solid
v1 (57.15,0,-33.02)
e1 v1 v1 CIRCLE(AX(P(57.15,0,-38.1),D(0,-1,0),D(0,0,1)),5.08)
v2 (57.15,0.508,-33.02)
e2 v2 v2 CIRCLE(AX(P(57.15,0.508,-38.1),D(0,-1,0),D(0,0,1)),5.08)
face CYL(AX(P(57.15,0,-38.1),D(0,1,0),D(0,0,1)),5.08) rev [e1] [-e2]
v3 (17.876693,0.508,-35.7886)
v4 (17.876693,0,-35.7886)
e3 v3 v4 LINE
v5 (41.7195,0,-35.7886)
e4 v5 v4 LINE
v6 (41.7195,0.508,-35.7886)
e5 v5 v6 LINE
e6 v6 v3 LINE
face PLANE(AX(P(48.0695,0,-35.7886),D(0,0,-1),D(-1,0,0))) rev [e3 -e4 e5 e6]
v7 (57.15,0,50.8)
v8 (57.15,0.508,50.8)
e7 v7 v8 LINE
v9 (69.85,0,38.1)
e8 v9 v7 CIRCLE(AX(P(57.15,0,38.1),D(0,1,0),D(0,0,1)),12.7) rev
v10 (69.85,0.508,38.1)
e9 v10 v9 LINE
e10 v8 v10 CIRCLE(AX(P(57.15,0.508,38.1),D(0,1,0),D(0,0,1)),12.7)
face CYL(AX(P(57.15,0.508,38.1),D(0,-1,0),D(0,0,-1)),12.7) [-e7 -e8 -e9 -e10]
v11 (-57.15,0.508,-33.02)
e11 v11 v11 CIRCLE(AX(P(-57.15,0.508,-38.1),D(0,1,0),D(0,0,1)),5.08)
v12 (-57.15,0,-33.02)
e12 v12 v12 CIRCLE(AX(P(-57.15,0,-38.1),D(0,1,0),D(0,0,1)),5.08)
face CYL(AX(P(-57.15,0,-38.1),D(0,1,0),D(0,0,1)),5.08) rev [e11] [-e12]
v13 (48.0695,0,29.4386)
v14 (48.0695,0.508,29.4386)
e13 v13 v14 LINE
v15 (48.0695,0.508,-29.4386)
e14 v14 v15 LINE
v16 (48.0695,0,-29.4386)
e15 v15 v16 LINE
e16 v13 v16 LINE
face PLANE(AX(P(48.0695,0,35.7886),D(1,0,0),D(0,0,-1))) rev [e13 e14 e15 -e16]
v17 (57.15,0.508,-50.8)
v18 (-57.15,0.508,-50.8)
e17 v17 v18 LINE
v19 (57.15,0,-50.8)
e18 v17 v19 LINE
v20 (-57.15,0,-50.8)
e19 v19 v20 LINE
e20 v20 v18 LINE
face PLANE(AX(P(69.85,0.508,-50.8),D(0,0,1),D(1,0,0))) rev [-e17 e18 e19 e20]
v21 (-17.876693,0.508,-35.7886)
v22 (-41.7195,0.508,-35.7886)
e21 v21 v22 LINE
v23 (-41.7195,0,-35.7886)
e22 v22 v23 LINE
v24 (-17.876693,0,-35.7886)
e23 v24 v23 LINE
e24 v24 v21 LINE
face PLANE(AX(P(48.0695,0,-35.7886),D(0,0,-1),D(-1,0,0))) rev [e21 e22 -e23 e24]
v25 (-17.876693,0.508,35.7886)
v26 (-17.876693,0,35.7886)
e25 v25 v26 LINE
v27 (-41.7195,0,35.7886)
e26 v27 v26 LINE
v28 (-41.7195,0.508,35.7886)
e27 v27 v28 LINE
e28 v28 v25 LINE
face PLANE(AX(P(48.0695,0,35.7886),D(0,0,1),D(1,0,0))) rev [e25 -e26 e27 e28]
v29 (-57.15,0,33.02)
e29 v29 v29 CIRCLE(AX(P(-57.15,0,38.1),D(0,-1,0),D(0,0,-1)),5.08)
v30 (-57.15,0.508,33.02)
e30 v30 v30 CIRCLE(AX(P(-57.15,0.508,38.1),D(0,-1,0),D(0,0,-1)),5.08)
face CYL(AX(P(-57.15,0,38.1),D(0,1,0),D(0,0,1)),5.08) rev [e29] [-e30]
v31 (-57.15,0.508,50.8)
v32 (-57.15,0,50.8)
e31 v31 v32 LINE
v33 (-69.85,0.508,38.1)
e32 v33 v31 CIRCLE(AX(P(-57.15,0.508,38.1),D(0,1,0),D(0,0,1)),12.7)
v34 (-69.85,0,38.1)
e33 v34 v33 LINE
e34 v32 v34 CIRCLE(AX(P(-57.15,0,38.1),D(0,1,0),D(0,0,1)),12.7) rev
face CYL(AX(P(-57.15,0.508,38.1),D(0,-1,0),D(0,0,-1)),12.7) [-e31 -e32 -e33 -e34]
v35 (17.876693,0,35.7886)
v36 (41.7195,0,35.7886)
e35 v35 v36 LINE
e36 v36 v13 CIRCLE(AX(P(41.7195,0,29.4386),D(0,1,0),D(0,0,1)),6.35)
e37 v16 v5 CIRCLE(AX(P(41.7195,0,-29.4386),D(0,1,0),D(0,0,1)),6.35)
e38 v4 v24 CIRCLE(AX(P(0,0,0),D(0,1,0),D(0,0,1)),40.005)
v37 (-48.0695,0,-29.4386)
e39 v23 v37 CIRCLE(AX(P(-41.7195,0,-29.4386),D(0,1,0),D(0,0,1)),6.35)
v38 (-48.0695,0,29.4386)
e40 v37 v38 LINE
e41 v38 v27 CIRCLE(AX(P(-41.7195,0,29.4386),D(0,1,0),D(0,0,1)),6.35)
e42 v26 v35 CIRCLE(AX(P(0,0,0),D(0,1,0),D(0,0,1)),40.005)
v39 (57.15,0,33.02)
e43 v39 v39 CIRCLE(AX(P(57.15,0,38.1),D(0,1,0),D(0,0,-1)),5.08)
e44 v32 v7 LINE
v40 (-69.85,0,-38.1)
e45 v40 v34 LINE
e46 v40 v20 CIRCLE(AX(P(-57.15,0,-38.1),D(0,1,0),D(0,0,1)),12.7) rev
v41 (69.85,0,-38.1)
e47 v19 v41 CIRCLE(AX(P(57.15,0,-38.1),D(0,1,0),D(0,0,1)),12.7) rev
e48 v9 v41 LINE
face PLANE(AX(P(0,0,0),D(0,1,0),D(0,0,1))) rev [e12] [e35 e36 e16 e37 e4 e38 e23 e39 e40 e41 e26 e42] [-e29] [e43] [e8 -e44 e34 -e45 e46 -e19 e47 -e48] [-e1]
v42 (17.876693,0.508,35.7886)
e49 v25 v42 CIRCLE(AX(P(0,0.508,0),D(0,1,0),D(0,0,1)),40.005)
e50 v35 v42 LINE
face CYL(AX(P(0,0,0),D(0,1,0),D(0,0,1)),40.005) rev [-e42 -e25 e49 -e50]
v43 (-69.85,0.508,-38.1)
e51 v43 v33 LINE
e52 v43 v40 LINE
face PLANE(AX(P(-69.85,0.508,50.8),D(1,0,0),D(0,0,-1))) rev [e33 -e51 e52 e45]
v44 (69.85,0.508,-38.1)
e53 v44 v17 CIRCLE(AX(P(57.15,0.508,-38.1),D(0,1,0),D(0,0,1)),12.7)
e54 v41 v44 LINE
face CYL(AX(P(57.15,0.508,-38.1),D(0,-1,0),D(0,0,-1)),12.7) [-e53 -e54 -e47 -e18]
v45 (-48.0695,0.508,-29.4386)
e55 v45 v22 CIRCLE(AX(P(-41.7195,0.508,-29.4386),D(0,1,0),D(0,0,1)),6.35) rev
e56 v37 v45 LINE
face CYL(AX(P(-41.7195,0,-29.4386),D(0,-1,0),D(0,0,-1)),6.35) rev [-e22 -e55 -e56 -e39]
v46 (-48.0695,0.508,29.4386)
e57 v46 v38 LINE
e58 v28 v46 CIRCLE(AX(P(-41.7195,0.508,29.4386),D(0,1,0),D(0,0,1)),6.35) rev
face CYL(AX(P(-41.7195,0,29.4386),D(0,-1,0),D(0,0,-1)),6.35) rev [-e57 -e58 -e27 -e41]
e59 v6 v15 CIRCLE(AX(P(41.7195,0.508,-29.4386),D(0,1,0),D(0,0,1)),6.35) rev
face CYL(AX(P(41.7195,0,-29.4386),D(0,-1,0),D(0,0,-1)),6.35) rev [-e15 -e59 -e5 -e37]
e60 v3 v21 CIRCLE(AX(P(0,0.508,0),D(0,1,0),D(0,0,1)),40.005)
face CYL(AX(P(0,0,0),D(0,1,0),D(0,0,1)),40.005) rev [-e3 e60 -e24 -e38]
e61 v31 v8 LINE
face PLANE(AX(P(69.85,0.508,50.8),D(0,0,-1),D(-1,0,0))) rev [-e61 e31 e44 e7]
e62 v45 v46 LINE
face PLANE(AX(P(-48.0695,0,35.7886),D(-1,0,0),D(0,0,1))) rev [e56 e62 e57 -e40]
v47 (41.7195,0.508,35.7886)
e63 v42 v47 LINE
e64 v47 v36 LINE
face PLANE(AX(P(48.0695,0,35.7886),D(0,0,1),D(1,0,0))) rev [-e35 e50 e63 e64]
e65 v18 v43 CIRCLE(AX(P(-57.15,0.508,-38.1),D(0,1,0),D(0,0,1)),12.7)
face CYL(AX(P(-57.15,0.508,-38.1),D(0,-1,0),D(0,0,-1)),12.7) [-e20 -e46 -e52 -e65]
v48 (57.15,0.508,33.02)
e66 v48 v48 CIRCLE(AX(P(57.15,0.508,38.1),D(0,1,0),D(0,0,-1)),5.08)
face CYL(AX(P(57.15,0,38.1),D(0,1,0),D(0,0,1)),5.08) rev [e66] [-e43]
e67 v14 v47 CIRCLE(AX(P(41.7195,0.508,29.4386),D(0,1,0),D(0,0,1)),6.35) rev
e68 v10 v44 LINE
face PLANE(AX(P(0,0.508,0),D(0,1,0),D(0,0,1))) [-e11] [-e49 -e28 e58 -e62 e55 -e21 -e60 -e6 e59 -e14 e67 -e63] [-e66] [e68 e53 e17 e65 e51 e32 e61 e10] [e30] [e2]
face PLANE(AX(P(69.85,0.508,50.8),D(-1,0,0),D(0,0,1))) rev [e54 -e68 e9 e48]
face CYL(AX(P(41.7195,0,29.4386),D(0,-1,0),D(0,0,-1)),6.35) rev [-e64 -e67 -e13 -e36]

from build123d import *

# Parameters (mm, degrees)
SKETCH1_W               = 139.7
SKETCH1_H               = 101.6
BOSS_EXTRUDE1_DEPTH     = 0.508
FILLET1_R               = 12.7
SKETCH2_W               = 96.139
SKETCH2_H               = 71.5772
CUT_EXTRUDE1_DEPTH      = 87.370831674
FILLET2_R               = 6.35
SKETCH3_R               = 5.08
CUT_EXTRUDE2_DEPTH      = 87.370831674
MIRROR2_COPY_1_SKETCH_R = 5.08
MIRROR2_COPY_1_DEPTH    = 87.370831674
SKETCH4_R               = 40.005
CUT_EXTRUDE3_DEPTH      = 87.370831674


with BuildPart() as part:
    # Sketch1 → Boss-Extrude1 (new body)
    with BuildSketch(Plane(origin=(0, 0, 0), x_dir=(1, 0, 0), z_dir=(0, 1, 0))):
        Rectangle(SKETCH1_W, SKETCH1_H)
    extrude(amount=BOSS_EXTRUDE1_DEPTH)

    # Fillet1
    fillet1_edges = [part.edges().sort_by_distance(p)[0] for p in [
        (-69.85, 0.254, -50.8),
        (69.85, 0.254, -50.8),
        (69.85, 0.254, 50.8),
        (-69.85, 0.254, 50.8),
    ]]
    fillet(fillet1_edges, radius=FILLET1_R)

    # Sketch2 → Cut-Extrude1 (cut, through all)
    with BuildSketch(Plane(origin=(0, 0.508, 0), x_dir=(1, 0, 0), z_dir=(0, 1, 0))):
        Rectangle(SKETCH2_W, SKETCH2_H)
    extrude(amount=-CUT_EXTRUDE1_DEPTH, mode=Mode.SUBTRACT)

    # Fillet2
    fillet2_edges = [part.edges().sort_by_distance(p)[0] for p in [
        (-48.0695, 0.254, 35.7886),
        (-48.0695, 0.254, -35.7886),
        (48.0695, 0.254, -35.7886),
        (48.0695, 0.254, 35.7886),
    ]]
    fillet(fillet2_edges, radius=FILLET2_R)

    # Sketch3 → Cut-Extrude2 (cut, through all)
    with BuildSketch(Plane(origin=(0, 0.508, 0), x_dir=(1, 0, 0), z_dir=(0, 1, 0))):
        with Locations(Location((-57.15, 38.1, 0), (0, 0, 270))):
            Circle(SKETCH3_R)
    cut_extrude2 = extrude(amount=-CUT_EXTRUDE2_DEPTH, mode=Mode.SUBTRACT)

    # Mirror1: Cut-Extrude2 across plane
    add(cut_extrude2.mirror(Plane(origin=(0, 0, 0), x_dir=(0, 0, 1), z_dir=(1, 0, 0))), mode=Mode.SUBTRACT)

    # Mirror2: Cut-Extrude2 across plane
    add(cut_extrude2.mirror(Plane.XY), mode=Mode.SUBTRACT)

    # Mirror2 copy 1 sketch → Mirror2 copy 1 (cut, through all)
    with BuildSketch(Plane(origin=(0, 0.508, 0), x_dir=(-1, 0, 0), z_dir=(0, 1, 0))):
        with Locations(Location((-57.15, 38.1, 0), (0, 0, 270))):
            Circle(MIRROR2_COPY_1_SKETCH_R)
    extrude(amount=-MIRROR2_COPY_1_DEPTH, mode=Mode.SUBTRACT)

    # Sketch4 → Cut-Extrude3 (cut, through all)
    with BuildSketch(Plane(origin=(0, 0.508, 0), x_dir=(1, 0, 0), z_dir=(0, 1, 0))):
        Circle(SKETCH4_R)
    extrude(amount=-CUT_EXTRUDE3_DEPTH, mode=Mode.SUBTRACT)


solid = part.part
